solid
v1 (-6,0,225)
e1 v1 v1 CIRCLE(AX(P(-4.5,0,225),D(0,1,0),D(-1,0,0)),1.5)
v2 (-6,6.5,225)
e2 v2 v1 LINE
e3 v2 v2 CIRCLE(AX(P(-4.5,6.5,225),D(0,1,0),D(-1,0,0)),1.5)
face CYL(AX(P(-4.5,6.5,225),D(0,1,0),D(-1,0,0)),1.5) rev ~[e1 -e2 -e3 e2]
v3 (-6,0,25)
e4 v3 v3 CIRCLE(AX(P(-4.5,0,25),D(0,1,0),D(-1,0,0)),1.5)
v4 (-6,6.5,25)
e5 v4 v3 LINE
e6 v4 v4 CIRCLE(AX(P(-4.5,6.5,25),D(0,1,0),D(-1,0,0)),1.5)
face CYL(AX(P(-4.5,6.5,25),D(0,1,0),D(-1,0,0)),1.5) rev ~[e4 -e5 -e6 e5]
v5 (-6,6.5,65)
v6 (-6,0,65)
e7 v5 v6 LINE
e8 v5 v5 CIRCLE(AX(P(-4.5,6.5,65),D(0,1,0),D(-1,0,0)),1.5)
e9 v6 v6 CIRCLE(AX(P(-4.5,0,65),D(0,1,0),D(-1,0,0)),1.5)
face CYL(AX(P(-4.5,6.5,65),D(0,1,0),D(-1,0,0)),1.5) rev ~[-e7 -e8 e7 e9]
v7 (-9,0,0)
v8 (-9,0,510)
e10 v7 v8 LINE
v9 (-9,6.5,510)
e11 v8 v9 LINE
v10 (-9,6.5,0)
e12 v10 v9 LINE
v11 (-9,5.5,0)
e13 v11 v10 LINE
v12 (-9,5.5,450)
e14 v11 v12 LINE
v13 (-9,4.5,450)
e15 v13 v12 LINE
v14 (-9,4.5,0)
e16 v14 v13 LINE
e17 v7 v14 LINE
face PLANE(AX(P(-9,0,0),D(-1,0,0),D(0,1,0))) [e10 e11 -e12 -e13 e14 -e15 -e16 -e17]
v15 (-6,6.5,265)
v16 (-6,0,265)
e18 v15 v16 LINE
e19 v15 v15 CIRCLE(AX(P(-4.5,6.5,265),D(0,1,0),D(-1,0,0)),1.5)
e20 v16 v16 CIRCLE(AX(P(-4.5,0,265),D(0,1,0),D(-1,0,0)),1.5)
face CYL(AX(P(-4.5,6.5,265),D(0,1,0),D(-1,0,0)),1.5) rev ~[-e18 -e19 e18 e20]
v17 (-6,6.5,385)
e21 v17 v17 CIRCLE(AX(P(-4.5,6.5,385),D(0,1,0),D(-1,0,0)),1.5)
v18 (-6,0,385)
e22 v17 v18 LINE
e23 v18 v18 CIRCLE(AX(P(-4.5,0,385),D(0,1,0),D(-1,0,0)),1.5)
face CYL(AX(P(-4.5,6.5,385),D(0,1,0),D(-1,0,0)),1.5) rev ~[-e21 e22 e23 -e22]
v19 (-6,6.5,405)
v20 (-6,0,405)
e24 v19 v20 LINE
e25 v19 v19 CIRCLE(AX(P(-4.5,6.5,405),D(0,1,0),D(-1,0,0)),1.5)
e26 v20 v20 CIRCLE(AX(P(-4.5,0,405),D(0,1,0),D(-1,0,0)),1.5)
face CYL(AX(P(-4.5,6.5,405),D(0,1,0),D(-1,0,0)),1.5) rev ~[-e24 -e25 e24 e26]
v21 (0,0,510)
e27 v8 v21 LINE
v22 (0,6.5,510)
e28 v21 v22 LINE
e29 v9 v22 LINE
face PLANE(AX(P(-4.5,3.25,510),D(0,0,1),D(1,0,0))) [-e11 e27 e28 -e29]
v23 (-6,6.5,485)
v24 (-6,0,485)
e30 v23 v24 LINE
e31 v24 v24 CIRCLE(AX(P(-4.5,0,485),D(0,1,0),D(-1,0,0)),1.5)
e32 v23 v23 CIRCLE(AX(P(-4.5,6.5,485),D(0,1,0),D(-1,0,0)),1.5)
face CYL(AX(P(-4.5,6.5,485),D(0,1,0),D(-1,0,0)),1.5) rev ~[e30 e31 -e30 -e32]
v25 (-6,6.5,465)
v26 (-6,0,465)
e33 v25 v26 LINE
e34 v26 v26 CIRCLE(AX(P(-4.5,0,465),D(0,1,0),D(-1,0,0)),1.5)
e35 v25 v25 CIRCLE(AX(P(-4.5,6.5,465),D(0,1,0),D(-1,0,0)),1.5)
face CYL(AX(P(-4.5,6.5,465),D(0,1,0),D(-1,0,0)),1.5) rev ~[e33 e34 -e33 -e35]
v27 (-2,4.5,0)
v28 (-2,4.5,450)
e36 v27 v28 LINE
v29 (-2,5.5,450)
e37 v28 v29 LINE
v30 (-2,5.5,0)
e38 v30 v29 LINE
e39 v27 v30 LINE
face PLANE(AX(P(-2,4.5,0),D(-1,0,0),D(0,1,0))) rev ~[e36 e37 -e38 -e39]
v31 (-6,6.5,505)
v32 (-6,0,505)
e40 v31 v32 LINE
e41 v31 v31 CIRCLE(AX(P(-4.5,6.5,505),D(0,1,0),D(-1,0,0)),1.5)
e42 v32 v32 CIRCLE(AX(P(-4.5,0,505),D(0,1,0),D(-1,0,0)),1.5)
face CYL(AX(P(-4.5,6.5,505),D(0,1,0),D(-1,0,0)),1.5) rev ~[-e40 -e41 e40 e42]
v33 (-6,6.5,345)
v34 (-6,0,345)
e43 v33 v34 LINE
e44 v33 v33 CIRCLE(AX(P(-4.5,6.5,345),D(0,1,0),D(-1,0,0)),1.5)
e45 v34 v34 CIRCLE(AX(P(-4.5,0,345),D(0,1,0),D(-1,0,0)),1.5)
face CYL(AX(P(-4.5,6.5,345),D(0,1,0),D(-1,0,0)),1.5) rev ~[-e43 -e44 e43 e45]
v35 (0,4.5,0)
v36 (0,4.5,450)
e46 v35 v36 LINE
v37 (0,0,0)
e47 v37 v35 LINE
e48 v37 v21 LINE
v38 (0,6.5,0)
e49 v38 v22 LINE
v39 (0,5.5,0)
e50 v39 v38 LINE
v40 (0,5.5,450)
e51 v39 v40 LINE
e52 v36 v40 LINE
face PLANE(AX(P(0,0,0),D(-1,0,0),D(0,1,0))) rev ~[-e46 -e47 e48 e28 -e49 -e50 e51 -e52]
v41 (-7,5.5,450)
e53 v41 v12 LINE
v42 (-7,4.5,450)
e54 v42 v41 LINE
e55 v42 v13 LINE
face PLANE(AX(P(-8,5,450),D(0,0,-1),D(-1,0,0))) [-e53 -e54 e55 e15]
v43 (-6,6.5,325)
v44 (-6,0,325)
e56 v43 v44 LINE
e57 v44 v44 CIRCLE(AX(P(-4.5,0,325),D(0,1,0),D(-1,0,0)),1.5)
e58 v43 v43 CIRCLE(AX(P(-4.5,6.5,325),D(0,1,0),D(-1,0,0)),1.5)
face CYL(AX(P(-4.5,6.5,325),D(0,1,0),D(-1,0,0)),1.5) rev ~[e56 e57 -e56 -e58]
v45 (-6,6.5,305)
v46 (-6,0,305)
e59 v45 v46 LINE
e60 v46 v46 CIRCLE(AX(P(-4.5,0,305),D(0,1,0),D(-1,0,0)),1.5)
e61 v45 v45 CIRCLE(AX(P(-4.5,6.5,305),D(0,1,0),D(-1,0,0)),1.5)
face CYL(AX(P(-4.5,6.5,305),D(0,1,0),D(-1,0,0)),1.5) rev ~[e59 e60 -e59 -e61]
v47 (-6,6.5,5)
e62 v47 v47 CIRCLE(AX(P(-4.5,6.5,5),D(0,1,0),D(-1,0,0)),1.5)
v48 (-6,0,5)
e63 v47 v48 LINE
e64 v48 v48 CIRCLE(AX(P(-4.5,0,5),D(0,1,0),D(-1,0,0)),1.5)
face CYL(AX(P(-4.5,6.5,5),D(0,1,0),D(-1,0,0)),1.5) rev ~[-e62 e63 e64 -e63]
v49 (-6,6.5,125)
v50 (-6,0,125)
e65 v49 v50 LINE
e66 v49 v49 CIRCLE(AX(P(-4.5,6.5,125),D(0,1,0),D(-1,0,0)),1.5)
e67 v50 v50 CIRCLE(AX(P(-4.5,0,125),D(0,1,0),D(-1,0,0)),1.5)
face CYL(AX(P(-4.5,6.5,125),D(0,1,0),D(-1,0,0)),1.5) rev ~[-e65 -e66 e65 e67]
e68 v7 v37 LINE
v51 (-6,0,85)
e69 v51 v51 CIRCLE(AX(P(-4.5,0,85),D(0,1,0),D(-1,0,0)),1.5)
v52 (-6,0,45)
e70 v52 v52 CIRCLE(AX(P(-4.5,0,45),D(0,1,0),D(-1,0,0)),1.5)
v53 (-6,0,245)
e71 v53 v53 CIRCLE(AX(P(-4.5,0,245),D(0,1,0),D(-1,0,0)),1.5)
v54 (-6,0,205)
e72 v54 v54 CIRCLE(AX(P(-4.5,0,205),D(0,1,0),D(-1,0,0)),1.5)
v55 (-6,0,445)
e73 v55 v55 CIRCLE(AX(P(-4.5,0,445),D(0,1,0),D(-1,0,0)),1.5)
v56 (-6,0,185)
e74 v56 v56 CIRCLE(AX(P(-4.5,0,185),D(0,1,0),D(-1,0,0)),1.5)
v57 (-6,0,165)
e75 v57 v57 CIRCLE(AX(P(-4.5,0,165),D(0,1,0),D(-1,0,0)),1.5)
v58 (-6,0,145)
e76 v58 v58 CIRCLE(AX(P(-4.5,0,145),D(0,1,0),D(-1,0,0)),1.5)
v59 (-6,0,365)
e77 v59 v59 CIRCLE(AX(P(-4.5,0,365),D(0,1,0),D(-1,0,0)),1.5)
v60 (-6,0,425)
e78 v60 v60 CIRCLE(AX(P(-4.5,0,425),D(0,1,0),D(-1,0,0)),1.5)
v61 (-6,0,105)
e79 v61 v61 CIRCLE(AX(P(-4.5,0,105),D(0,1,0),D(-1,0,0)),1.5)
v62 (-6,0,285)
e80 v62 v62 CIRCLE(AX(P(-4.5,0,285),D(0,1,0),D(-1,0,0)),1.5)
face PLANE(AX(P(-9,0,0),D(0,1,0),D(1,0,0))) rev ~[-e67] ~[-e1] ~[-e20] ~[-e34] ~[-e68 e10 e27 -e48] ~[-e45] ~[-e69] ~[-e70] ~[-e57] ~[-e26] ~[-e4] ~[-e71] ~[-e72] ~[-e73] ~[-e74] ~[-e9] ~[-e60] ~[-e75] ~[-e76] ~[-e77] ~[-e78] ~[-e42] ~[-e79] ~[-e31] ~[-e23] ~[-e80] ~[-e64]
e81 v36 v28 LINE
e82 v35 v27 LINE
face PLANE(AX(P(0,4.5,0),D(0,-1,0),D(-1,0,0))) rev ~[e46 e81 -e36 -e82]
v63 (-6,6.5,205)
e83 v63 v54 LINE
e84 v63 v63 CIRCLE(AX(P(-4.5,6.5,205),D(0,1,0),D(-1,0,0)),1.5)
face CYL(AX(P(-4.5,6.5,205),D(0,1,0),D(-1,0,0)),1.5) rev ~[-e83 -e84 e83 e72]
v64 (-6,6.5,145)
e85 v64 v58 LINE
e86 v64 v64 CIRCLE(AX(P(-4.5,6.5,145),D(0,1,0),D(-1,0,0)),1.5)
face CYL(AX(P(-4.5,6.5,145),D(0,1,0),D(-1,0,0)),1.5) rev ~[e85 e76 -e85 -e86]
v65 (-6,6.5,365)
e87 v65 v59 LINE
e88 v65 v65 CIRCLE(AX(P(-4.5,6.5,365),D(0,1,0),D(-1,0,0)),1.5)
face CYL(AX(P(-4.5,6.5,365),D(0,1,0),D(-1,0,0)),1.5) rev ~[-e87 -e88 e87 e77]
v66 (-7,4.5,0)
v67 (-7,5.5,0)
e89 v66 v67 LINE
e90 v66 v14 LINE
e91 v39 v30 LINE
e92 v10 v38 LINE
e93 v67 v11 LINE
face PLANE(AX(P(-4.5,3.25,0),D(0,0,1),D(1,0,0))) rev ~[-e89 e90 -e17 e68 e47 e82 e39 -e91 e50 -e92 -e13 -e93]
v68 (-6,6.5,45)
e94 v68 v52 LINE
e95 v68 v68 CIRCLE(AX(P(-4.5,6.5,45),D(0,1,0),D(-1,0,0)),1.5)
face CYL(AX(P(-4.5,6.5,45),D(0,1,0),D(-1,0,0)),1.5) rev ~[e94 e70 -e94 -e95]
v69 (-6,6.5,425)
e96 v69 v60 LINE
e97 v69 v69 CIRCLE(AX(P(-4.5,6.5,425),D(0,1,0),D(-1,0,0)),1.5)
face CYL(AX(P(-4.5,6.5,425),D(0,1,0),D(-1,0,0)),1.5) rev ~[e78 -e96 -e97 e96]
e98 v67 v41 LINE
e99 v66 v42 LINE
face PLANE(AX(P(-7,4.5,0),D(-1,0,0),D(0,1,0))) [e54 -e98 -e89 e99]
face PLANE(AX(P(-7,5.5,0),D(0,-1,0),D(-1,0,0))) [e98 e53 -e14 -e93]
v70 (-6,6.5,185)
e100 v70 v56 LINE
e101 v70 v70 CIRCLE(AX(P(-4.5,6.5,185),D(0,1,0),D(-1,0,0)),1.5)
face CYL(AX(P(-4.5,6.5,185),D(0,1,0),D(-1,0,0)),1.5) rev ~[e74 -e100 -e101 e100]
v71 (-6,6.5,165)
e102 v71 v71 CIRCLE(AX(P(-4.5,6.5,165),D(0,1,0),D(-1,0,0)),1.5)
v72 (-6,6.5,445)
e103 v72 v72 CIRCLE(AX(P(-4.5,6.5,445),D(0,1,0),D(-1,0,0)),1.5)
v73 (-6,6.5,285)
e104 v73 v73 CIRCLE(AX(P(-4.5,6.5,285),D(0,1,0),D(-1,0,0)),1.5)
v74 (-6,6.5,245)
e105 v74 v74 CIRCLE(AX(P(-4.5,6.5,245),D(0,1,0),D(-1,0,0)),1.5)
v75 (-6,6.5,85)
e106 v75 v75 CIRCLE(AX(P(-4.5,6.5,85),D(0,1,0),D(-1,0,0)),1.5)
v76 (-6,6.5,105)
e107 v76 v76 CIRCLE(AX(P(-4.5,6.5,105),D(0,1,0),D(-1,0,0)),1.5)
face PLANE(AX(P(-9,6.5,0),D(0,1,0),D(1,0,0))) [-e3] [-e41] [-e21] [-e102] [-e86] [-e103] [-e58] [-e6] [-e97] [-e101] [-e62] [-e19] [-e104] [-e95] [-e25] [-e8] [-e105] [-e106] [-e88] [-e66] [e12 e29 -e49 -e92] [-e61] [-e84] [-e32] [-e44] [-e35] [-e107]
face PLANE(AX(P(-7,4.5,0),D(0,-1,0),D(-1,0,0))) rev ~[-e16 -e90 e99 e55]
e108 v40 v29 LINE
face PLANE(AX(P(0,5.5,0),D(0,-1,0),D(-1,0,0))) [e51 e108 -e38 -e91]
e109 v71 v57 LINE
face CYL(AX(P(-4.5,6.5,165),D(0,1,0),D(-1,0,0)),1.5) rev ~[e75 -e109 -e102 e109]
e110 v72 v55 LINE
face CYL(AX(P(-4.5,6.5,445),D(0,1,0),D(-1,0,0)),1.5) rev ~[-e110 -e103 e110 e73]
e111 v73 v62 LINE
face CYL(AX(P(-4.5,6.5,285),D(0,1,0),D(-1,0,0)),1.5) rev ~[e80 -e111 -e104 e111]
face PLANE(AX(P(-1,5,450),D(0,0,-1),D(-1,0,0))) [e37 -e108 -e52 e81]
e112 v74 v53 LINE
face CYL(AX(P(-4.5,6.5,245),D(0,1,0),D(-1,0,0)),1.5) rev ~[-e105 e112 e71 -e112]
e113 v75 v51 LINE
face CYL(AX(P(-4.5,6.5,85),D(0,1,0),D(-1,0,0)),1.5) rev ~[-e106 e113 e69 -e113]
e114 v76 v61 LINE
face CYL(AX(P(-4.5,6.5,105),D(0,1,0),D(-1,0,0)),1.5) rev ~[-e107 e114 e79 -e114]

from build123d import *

# Parameters (mm, degrees)
SKETCH_1_W          = 9
SKETCH_1_H          = 6.5
EXTRUDE_1_DEPTH     = 510
SKETCH_2_W          = 2
SKETCH_2_H          = 1
CUT_EXTRUDE_1_DEPTH = 450
SKETCH_3_R          = 1.5
CUT_EXTRUDE_2_DEPTH = 6.5


with BuildPart() as part:
    # 草图1 → 凸台-拉伸1 (new body)
    with BuildSketch(Plane.XY):
        with Locations((-4.5, 3.25)):
            Rectangle(SKETCH_1_W, SKETCH_1_H)
    extrude(amount=EXTRUDE_1_DEPTH)

    # 草图2 → 切除-拉伸1 (cut)
    with BuildSketch(Plane(origin=(0, 0, 0), x_dir=(-1, 0, 0), z_dir=(0, 0, -1))):
        with Locations((1, 5)):
            Rectangle(SKETCH_2_W, SKETCH_2_H)
        with Locations((8, 5)):
            Rectangle(SKETCH_2_W, SKETCH_2_H)
    extrude(amount=-CUT_EXTRUDE_1_DEPTH, mode=Mode.SUBTRACT)

    # 草图3 → 切除-拉伸2 (cut)
    with BuildSketch(Plane(origin=(0, 6.5, 0), x_dir=(1, 0, 0), z_dir=(0, 1, 0))):
        with Locations(Location((-4.5, -5, 0), (0, 0, 180))):
            Circle(SKETCH_3_R)
        with Locations(Location((-4.5, -25, 0), (0, 0, 180))):
            Circle(SKETCH_3_R)
        with Locations(Location((-4.5, -45, 0), (0, 0, 180))):
            Circle(SKETCH_3_R)
        with Locations(Location((-4.5, -65, 0), (0, 0, 180))):
            Circle(SKETCH_3_R)
        with Locations(Location((-4.5, -85, 0), (0, 0, 180))):
            Circle(SKETCH_3_R)
        with Locations(Location((-4.5, -105, 0), (0, 0, 180))):
            Circle(SKETCH_3_R)
        with Locations(Location((-4.5, -125, 0), (0, 0, 180))):
            Circle(SKETCH_3_R)
        with Locations(Location((-4.5, -145, 0), (0, 0, 180))):
            Circle(SKETCH_3_R)
        with Locations(Location((-4.5, -165, 0), (0, 0, 180))):
            Circle(SKETCH_3_R)
        with Locations(Location((-4.5, -185, 0), (0, 0, 180))):
            Circle(SKETCH_3_R)
        with Locations(Location((-4.5, -205, 0), (0, 0, 180))):
            Circle(SKETCH_3_R)
        with Locations(Location((-4.5, -225, 0), (0, 0, 180))):
            Circle(SKETCH_3_R)
        with Locations(Location((-4.5, -245, 0), (0, 0, 180))):
            Circle(SKETCH_3_R)
        with Locations(Location((-4.5, -265, 0), (0, 0, 180))):
            Circle(SKETCH_3_R)
        with Locations(Location((-4.5, -285, 0), (0, 0, 180))):
            Circle(SKETCH_3_R)
        with Locations(Location((-4.5, -305, 0), (0, 0, 180))):
            Circle(SKETCH_3_R)
        with Locations(Location((-4.5, -325, 0), (0, 0, 180))):
            Circle(SKETCH_3_R)
        with Locations(Location((-4.5, -345, 0), (0, 0, 180))):
            Circle(SKETCH_3_R)
        with Locations(Location((-4.5, -365, 0), (0, 0, 180))):
            Circle(SKETCH_3_R)
        with Locations(Location((-4.5, -385, 0), (0, 0, 180))):
            Circle(SKETCH_3_R)
        with Locations(Location((-4.5, -405, 0), (0, 0, 180))):
            Circle(SKETCH_3_R)
        with Locations(Location((-4.5, -425, 0), (0, 0, 180))):
            Circle(SKETCH_3_R)
        with Locations(Location((-4.5, -445, 0), (0, 0, 180))):
            Circle(SKETCH_3_R)
        with Locations(Location((-4.5, -465, 0), (0, 0, 180))):
            Circle(SKETCH_3_R)
        with Locations(Location((-4.5, -485, 0), (0, 0, 180))):
            Circle(SKETCH_3_R)
        with Locations(Location((-4.5, -505, 0), (0, 0, 180))):
            Circle(SKETCH_3_R)
    extrude(amount=-CUT_EXTRUDE_2_DEPTH, mode=Mode.SUBTRACT)


solid = part.part
